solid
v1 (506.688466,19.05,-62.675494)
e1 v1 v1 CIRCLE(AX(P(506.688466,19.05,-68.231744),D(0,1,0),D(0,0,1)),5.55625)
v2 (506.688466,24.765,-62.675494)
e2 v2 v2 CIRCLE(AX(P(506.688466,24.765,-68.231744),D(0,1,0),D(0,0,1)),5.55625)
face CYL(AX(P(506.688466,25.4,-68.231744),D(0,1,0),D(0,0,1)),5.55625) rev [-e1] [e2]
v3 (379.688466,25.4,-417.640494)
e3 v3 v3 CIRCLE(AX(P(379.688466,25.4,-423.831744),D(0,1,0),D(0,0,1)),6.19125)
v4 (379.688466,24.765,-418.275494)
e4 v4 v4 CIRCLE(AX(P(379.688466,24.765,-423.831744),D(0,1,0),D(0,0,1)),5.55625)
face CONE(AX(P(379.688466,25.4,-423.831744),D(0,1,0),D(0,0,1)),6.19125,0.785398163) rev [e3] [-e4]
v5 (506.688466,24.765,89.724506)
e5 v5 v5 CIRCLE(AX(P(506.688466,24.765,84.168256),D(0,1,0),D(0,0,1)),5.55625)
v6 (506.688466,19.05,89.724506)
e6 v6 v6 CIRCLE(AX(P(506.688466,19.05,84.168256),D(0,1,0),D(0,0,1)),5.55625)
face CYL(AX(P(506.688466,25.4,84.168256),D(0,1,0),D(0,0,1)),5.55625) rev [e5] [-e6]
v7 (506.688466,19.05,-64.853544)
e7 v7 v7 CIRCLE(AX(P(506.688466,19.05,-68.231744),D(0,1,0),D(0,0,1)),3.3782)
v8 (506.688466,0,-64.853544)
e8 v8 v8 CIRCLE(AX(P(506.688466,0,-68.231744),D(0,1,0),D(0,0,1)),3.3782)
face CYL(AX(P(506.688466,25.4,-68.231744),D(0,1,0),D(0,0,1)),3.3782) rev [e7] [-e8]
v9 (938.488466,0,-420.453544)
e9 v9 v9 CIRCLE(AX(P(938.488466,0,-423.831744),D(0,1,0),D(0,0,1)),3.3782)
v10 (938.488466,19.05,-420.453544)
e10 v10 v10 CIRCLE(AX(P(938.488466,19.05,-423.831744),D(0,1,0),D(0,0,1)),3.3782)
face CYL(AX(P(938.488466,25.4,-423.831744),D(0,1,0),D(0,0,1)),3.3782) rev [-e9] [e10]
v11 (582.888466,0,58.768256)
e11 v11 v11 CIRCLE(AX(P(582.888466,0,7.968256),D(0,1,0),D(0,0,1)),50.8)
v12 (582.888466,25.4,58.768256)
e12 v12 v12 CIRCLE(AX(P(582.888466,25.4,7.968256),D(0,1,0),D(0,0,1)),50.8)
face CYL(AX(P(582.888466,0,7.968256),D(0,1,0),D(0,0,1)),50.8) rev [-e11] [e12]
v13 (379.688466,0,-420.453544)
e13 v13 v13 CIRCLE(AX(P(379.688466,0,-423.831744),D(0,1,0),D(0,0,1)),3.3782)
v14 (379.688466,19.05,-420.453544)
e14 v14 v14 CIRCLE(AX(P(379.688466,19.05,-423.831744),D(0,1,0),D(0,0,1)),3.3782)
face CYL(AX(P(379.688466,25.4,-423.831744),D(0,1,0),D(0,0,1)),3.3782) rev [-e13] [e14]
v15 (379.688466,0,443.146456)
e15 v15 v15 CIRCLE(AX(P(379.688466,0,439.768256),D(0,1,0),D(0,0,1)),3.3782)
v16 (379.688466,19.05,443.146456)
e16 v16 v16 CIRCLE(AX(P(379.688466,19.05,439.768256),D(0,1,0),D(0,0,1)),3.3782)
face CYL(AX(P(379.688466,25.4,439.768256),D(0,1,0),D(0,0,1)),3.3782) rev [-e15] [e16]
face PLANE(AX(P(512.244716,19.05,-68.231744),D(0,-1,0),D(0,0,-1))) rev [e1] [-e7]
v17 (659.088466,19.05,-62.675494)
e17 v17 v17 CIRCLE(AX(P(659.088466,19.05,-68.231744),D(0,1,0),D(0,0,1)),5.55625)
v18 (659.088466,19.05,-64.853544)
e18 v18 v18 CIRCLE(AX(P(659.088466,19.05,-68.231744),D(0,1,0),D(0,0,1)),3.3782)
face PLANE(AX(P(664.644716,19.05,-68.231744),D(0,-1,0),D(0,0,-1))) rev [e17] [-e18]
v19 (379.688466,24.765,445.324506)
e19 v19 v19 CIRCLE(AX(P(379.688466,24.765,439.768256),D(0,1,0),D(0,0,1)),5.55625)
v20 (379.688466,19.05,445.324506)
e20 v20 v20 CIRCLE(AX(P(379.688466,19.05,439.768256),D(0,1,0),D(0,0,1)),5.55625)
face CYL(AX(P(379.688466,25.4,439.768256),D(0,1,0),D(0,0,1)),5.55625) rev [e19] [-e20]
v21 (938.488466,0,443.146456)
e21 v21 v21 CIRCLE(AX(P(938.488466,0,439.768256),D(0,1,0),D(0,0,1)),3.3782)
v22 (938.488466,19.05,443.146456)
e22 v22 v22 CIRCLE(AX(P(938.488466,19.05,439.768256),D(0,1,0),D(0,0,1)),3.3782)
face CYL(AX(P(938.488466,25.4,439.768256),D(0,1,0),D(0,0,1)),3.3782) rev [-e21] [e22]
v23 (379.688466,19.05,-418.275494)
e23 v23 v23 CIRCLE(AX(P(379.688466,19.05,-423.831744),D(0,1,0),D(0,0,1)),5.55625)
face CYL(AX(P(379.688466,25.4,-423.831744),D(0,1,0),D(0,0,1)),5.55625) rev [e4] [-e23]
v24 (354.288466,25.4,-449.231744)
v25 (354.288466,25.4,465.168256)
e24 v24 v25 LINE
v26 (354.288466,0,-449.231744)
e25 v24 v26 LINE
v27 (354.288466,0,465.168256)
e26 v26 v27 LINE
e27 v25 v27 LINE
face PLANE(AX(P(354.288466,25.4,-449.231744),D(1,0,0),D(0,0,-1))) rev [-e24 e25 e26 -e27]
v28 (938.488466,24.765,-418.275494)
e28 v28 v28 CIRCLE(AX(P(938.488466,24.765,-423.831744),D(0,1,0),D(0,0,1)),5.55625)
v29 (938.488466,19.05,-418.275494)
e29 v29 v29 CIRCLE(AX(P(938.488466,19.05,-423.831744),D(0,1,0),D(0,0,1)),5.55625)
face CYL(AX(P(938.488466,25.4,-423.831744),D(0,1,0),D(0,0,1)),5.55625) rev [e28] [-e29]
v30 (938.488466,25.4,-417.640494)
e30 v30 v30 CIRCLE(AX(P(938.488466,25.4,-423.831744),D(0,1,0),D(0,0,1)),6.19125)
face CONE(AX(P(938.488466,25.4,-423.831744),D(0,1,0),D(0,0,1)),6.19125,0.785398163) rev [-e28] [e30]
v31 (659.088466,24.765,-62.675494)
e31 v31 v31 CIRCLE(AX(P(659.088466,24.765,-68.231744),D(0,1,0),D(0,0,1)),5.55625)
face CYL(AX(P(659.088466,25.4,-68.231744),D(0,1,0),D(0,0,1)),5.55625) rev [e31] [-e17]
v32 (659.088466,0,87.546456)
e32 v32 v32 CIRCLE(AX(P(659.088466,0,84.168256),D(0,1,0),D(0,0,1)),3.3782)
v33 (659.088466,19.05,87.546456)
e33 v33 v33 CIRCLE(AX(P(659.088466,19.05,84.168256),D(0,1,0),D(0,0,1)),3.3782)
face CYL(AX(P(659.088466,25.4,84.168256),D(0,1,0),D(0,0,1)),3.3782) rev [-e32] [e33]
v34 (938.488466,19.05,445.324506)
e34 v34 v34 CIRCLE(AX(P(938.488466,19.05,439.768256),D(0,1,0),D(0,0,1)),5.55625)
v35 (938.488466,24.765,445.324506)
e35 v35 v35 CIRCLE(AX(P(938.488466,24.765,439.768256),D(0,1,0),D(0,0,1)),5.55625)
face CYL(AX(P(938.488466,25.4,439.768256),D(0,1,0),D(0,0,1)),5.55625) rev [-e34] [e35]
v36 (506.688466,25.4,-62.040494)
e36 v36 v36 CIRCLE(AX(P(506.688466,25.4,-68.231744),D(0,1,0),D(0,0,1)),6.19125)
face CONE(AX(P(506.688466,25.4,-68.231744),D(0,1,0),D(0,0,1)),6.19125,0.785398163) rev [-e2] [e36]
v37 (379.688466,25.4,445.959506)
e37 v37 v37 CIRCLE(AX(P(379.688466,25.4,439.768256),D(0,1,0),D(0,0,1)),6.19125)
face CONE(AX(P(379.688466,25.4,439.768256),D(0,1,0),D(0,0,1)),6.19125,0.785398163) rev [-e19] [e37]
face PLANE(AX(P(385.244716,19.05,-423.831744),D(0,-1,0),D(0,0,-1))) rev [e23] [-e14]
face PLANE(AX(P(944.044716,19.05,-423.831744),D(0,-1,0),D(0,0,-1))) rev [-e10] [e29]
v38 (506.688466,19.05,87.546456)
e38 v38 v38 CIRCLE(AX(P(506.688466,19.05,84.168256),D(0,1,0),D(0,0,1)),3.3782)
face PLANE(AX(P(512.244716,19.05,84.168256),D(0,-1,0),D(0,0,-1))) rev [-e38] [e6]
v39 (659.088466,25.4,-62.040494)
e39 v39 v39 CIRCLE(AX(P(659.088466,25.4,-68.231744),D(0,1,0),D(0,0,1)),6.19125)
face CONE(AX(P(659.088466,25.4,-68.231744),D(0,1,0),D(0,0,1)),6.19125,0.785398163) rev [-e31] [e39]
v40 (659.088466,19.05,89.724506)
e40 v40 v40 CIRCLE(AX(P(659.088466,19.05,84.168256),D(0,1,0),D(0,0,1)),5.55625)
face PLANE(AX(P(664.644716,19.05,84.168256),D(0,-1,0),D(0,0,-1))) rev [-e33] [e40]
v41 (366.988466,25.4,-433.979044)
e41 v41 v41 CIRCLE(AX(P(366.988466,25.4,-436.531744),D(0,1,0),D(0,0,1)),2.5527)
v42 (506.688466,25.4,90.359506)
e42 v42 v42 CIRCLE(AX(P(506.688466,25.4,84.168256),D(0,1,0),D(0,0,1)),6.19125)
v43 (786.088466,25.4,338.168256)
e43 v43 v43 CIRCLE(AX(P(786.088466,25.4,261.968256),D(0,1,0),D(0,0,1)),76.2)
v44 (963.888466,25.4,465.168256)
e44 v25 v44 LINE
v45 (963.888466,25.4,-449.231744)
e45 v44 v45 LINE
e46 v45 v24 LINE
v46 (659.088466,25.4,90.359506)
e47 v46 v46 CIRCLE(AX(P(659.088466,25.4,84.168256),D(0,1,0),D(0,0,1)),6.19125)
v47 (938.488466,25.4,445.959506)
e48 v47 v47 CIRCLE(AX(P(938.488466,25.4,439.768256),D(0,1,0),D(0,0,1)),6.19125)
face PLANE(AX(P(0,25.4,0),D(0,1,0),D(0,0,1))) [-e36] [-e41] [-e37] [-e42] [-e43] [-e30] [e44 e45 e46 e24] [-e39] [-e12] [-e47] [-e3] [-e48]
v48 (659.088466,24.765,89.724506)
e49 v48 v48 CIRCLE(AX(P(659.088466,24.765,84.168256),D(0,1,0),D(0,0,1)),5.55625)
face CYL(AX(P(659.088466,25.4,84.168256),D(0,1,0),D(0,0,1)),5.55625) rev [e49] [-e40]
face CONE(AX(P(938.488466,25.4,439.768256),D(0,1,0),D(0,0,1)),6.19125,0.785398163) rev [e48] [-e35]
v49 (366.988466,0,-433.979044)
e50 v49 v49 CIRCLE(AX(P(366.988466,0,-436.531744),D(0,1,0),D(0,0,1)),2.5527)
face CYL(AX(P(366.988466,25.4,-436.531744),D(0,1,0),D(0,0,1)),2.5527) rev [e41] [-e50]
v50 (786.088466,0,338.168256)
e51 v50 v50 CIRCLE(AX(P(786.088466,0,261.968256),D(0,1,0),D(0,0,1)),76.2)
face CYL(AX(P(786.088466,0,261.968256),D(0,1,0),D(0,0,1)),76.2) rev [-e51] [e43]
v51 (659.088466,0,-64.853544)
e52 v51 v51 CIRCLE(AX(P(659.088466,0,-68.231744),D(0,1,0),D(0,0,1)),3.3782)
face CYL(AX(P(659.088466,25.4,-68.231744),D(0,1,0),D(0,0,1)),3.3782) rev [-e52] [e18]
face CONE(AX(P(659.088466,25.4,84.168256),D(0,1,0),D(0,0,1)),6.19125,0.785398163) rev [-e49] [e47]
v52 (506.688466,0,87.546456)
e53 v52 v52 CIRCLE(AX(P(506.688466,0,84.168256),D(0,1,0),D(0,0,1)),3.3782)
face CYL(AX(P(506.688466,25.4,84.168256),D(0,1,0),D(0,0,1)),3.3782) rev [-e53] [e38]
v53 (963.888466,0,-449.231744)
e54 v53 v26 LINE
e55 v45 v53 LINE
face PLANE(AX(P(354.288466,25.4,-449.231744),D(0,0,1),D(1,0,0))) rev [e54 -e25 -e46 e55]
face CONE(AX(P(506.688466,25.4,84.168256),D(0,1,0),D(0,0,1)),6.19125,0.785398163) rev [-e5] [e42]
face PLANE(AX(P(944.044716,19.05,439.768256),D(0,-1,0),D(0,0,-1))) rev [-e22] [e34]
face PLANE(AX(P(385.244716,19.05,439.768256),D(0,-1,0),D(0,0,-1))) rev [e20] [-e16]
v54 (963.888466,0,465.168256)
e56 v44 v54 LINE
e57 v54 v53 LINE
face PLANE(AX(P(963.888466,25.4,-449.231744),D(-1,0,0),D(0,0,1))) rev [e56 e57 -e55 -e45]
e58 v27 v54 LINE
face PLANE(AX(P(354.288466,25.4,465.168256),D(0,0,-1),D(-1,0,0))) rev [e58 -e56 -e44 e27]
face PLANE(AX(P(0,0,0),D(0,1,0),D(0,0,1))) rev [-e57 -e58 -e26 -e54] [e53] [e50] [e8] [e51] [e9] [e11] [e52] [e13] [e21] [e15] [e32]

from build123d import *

# Parameters (mm, degrees)
SKETCH2_W                                     = 609.6
SKETCH2_H                                     = 914.4
BOSS_EXTRUDE1_DEPTH                           = 25.4
F_1_4_20_TAPPED_HOLE1_D                       = 5.1054
SKETCH46_R                                    = 76.2
CUT_EXTRUDE3_DEPTH                            = 26.4
SKETCH47_R                                    = 50.8
CUT_EXTRUDE4_DEPTH                            = 26.4
CBORE_FOR_1_4_SOCKET_HEAD_CAP_SCREW1_AT_COUNT = 2
CBORE_FOR_1_4_SOCKET_HEAD_CAP_SCREW1_AT_PITCH = 558.8
CBORE_FOR_1_4_SOCKET_HEAD_CAP_SCREW1_2_COUNT  = 2
CBORE_FOR_1_4_SOCKET_HEAD_CAP_SCREW1_2_PITCH  = 1028.621601951
CBORE_FOR_1_4_SOCKET_HEAD_CAP_SCREW1_3_COUNT  = 2
CBORE_FOR_1_4_SOCKET_HEAD_CAP_SCREW1_3_PITCH  = 863.6
CBORE_FOR_1_4_SOCKET_HEAD_CAP_SCREW1_4_COUNT  = 2
CBORE_FOR_1_4_SOCKET_HEAD_CAP_SCREW1_4_PITCH  = 523.634414453
CBORE_FOR_1_4_SOCKET_HEAD_CAP_SCREW1_5_COUNT  = 2
CBORE_FOR_1_4_SOCKET_HEAD_CAP_SCREW1_5_PITCH  = 579.765780294
CBORE_FOR_1_4_SOCKET_HEAD_CAP_SCREW1_6_COUNT  = 2
CBORE_FOR_1_4_SOCKET_HEAD_CAP_SCREW1_6_PITCH  = 452.234142895
CBORE_FOR_1_4_SOCKET_HEAD_CAP_SCREW1_7_COUNT  = 2
CBORE_FOR_1_4_SOCKET_HEAD_CAP_SCREW1_7_PITCH  = 377.598146182


with BuildPart() as part:
    # Sketch2 → Boss-Extrude1 (new body)
    with BuildSketch(Plane(origin=(0, 0, 0), x_dir=(1, 0, 0), z_dir=(0, 1, 0))):
        with Locations((659.0884662, -7.96825605)):
            Rectangle(SKETCH2_W, SKETCH2_H)
    extrude(amount=BOSS_EXTRUDE1_DEPTH)

    # 1/4-20 Tapped Hole1 (through all)
    with Locations(Plane(origin=(0, 25.4, 0), x_dir=(1, 0, 0), z_dir=(0, 1, 0))):
        with Locations((366.9884662, 436.53174395)):
            Hole(F_1_4_20_TAPPED_HOLE1_D / 2)

    # Sketch46 → Cut-Extrude3 (cut, through all)
    with BuildSketch(Plane(origin=(0, 25.4, 0), x_dir=(1, 0, 0), z_dir=(0, 1, 0))):
        with Locations((786.0884662, -261.96825605)):
            Circle(SKETCH46_R)
    extrude(amount=-CUT_EXTRUDE3_DEPTH, mode=Mode.SUBTRACT)

    # Sketch47 → Cut-Extrude4 (cut, through all)
    with BuildSketch(Plane(origin=(0, 25.4, 0), x_dir=(1, 0, 0), z_dir=(0, 1, 0))):
        with Locations((582.8884662, -7.96825605)):
            Circle(SKETCH47_R)
    extrude(amount=-CUT_EXTRUDE4_DEPTH, mode=Mode.SUBTRACT)

    # Sketch51 → CBORE for 1/4 Socket Head Cap Screw1 (revolve, cut)
    with BuildSketch(Plane(origin=(379.6884662, 25.4, -423.83174395), x_dir=(0, 0, 1), z_dir=(1, 0, 0))):
        Polygon((0, 0), (0, 25.4), (3.3782, 25.4), (3.3782, 6.35), (5.55625, 6.35), (5.55625, 0.635), (6.19125, 0), align=None)
    cbore_for_1_4_socket_head_cap_screw1 = revolve(axis=Axis((379.6884662, 31.75, -423.83174395), (0, -1, 0)), mode=Mode.SUBTRACT)

    # CBORE for 1/4 Socket Head Cap Screw1 at: CBORE for 1/4 Socket Head Cap Screw1 ×2
    with Locations(*[(i * CBORE_FOR_1_4_SOCKET_HEAD_CAP_SCREW1_AT_PITCH, 0, 0) for i in range(1, CBORE_FOR_1_4_SOCKET_HEAD_CAP_SCREW1_AT_COUNT)]):
        add(cbore_for_1_4_socket_head_cap_screw1, mode=Mode.SUBTRACT)

    # CBORE for 1_4 Socket Head Cap Screw1 2: CBORE for 1/4 Socket Head Cap Screw1 ×2
    with Locations(*[Vector(0.543251278, 0, 0.839570157) * (i * CBORE_FOR_1_4_SOCKET_HEAD_CAP_SCREW1_2_PITCH) for i in range(1, CBORE_FOR_1_4_SOCKET_HEAD_CAP_SCREW1_2_COUNT)]):
        add(cbore_for_1_4_socket_head_cap_screw1, mode=Mode.SUBTRACT)

    # CBORE for 1_4 Socket Head Cap Screw1 3: CBORE for 1/4 Socket Head Cap Screw1 ×2
    with Locations(*[(0, 0, i * CBORE_FOR_1_4_SOCKET_HEAD_CAP_SCREW1_3_PITCH) for i in range(1, CBORE_FOR_1_4_SOCKET_HEAD_CAP_SCREW1_3_COUNT)]):
        add(cbore_for_1_4_socket_head_cap_screw1, mode=Mode.SUBTRACT)

    # CBORE for 1_4 Socket Head Cap Screw1 4: CBORE for 1/4 Socket Head Cap Screw1 ×2
    with Locations(*[Vector(0.242535625, 0, 0.9701425) * (i * CBORE_FOR_1_4_SOCKET_HEAD_CAP_SCREW1_4_PITCH) for i in range(1, CBORE_FOR_1_4_SOCKET_HEAD_CAP_SCREW1_4_COUNT)]):
        add(cbore_for_1_4_socket_head_cap_screw1, mode=Mode.SUBTRACT)

    # CBORE for 1_4 Socket Head Cap Screw1 5: CBORE for 1/4 Socket Head Cap Screw1 ×2
    with Locations(*[Vector(0.48191875, 0, 0.876215909) * (i * CBORE_FOR_1_4_SOCKET_HEAD_CAP_SCREW1_5_PITCH) for i in range(1, CBORE_FOR_1_4_SOCKET_HEAD_CAP_SCREW1_5_COUNT)]):
        add(cbore_for_1_4_socket_head_cap_screw1, mode=Mode.SUBTRACT)

    # CBORE for 1_4 Socket Head Cap Screw1 6: CBORE for 1/4 Socket Head Cap Screw1 ×2
    with Locations(*[Vector(0.617821552, 0, 0.786318339) * (i * CBORE_FOR_1_4_SOCKET_HEAD_CAP_SCREW1_6_PITCH) for i in range(1, CBORE_FOR_1_4_SOCKET_HEAD_CAP_SCREW1_6_COUNT)]):
        add(cbore_for_1_4_socket_head_cap_screw1, mode=Mode.SUBTRACT)

    # CBORE for 1_4 Socket Head Cap Screw1 7: CBORE for 1/4 Socket Head Cap Screw1 ×2
    with Locations(*[Vector(0.336336397, 0, 0.941741912) * (i * CBORE_FOR_1_4_SOCKET_HEAD_CAP_SCREW1_7_PITCH) for i in range(1, CBORE_FOR_1_4_SOCKET_HEAD_CAP_SCREW1_7_COUNT)]):
        add(cbore_for_1_4_socket_head_cap_screw1, mode=Mode.SUBTRACT)


solid = part.part
